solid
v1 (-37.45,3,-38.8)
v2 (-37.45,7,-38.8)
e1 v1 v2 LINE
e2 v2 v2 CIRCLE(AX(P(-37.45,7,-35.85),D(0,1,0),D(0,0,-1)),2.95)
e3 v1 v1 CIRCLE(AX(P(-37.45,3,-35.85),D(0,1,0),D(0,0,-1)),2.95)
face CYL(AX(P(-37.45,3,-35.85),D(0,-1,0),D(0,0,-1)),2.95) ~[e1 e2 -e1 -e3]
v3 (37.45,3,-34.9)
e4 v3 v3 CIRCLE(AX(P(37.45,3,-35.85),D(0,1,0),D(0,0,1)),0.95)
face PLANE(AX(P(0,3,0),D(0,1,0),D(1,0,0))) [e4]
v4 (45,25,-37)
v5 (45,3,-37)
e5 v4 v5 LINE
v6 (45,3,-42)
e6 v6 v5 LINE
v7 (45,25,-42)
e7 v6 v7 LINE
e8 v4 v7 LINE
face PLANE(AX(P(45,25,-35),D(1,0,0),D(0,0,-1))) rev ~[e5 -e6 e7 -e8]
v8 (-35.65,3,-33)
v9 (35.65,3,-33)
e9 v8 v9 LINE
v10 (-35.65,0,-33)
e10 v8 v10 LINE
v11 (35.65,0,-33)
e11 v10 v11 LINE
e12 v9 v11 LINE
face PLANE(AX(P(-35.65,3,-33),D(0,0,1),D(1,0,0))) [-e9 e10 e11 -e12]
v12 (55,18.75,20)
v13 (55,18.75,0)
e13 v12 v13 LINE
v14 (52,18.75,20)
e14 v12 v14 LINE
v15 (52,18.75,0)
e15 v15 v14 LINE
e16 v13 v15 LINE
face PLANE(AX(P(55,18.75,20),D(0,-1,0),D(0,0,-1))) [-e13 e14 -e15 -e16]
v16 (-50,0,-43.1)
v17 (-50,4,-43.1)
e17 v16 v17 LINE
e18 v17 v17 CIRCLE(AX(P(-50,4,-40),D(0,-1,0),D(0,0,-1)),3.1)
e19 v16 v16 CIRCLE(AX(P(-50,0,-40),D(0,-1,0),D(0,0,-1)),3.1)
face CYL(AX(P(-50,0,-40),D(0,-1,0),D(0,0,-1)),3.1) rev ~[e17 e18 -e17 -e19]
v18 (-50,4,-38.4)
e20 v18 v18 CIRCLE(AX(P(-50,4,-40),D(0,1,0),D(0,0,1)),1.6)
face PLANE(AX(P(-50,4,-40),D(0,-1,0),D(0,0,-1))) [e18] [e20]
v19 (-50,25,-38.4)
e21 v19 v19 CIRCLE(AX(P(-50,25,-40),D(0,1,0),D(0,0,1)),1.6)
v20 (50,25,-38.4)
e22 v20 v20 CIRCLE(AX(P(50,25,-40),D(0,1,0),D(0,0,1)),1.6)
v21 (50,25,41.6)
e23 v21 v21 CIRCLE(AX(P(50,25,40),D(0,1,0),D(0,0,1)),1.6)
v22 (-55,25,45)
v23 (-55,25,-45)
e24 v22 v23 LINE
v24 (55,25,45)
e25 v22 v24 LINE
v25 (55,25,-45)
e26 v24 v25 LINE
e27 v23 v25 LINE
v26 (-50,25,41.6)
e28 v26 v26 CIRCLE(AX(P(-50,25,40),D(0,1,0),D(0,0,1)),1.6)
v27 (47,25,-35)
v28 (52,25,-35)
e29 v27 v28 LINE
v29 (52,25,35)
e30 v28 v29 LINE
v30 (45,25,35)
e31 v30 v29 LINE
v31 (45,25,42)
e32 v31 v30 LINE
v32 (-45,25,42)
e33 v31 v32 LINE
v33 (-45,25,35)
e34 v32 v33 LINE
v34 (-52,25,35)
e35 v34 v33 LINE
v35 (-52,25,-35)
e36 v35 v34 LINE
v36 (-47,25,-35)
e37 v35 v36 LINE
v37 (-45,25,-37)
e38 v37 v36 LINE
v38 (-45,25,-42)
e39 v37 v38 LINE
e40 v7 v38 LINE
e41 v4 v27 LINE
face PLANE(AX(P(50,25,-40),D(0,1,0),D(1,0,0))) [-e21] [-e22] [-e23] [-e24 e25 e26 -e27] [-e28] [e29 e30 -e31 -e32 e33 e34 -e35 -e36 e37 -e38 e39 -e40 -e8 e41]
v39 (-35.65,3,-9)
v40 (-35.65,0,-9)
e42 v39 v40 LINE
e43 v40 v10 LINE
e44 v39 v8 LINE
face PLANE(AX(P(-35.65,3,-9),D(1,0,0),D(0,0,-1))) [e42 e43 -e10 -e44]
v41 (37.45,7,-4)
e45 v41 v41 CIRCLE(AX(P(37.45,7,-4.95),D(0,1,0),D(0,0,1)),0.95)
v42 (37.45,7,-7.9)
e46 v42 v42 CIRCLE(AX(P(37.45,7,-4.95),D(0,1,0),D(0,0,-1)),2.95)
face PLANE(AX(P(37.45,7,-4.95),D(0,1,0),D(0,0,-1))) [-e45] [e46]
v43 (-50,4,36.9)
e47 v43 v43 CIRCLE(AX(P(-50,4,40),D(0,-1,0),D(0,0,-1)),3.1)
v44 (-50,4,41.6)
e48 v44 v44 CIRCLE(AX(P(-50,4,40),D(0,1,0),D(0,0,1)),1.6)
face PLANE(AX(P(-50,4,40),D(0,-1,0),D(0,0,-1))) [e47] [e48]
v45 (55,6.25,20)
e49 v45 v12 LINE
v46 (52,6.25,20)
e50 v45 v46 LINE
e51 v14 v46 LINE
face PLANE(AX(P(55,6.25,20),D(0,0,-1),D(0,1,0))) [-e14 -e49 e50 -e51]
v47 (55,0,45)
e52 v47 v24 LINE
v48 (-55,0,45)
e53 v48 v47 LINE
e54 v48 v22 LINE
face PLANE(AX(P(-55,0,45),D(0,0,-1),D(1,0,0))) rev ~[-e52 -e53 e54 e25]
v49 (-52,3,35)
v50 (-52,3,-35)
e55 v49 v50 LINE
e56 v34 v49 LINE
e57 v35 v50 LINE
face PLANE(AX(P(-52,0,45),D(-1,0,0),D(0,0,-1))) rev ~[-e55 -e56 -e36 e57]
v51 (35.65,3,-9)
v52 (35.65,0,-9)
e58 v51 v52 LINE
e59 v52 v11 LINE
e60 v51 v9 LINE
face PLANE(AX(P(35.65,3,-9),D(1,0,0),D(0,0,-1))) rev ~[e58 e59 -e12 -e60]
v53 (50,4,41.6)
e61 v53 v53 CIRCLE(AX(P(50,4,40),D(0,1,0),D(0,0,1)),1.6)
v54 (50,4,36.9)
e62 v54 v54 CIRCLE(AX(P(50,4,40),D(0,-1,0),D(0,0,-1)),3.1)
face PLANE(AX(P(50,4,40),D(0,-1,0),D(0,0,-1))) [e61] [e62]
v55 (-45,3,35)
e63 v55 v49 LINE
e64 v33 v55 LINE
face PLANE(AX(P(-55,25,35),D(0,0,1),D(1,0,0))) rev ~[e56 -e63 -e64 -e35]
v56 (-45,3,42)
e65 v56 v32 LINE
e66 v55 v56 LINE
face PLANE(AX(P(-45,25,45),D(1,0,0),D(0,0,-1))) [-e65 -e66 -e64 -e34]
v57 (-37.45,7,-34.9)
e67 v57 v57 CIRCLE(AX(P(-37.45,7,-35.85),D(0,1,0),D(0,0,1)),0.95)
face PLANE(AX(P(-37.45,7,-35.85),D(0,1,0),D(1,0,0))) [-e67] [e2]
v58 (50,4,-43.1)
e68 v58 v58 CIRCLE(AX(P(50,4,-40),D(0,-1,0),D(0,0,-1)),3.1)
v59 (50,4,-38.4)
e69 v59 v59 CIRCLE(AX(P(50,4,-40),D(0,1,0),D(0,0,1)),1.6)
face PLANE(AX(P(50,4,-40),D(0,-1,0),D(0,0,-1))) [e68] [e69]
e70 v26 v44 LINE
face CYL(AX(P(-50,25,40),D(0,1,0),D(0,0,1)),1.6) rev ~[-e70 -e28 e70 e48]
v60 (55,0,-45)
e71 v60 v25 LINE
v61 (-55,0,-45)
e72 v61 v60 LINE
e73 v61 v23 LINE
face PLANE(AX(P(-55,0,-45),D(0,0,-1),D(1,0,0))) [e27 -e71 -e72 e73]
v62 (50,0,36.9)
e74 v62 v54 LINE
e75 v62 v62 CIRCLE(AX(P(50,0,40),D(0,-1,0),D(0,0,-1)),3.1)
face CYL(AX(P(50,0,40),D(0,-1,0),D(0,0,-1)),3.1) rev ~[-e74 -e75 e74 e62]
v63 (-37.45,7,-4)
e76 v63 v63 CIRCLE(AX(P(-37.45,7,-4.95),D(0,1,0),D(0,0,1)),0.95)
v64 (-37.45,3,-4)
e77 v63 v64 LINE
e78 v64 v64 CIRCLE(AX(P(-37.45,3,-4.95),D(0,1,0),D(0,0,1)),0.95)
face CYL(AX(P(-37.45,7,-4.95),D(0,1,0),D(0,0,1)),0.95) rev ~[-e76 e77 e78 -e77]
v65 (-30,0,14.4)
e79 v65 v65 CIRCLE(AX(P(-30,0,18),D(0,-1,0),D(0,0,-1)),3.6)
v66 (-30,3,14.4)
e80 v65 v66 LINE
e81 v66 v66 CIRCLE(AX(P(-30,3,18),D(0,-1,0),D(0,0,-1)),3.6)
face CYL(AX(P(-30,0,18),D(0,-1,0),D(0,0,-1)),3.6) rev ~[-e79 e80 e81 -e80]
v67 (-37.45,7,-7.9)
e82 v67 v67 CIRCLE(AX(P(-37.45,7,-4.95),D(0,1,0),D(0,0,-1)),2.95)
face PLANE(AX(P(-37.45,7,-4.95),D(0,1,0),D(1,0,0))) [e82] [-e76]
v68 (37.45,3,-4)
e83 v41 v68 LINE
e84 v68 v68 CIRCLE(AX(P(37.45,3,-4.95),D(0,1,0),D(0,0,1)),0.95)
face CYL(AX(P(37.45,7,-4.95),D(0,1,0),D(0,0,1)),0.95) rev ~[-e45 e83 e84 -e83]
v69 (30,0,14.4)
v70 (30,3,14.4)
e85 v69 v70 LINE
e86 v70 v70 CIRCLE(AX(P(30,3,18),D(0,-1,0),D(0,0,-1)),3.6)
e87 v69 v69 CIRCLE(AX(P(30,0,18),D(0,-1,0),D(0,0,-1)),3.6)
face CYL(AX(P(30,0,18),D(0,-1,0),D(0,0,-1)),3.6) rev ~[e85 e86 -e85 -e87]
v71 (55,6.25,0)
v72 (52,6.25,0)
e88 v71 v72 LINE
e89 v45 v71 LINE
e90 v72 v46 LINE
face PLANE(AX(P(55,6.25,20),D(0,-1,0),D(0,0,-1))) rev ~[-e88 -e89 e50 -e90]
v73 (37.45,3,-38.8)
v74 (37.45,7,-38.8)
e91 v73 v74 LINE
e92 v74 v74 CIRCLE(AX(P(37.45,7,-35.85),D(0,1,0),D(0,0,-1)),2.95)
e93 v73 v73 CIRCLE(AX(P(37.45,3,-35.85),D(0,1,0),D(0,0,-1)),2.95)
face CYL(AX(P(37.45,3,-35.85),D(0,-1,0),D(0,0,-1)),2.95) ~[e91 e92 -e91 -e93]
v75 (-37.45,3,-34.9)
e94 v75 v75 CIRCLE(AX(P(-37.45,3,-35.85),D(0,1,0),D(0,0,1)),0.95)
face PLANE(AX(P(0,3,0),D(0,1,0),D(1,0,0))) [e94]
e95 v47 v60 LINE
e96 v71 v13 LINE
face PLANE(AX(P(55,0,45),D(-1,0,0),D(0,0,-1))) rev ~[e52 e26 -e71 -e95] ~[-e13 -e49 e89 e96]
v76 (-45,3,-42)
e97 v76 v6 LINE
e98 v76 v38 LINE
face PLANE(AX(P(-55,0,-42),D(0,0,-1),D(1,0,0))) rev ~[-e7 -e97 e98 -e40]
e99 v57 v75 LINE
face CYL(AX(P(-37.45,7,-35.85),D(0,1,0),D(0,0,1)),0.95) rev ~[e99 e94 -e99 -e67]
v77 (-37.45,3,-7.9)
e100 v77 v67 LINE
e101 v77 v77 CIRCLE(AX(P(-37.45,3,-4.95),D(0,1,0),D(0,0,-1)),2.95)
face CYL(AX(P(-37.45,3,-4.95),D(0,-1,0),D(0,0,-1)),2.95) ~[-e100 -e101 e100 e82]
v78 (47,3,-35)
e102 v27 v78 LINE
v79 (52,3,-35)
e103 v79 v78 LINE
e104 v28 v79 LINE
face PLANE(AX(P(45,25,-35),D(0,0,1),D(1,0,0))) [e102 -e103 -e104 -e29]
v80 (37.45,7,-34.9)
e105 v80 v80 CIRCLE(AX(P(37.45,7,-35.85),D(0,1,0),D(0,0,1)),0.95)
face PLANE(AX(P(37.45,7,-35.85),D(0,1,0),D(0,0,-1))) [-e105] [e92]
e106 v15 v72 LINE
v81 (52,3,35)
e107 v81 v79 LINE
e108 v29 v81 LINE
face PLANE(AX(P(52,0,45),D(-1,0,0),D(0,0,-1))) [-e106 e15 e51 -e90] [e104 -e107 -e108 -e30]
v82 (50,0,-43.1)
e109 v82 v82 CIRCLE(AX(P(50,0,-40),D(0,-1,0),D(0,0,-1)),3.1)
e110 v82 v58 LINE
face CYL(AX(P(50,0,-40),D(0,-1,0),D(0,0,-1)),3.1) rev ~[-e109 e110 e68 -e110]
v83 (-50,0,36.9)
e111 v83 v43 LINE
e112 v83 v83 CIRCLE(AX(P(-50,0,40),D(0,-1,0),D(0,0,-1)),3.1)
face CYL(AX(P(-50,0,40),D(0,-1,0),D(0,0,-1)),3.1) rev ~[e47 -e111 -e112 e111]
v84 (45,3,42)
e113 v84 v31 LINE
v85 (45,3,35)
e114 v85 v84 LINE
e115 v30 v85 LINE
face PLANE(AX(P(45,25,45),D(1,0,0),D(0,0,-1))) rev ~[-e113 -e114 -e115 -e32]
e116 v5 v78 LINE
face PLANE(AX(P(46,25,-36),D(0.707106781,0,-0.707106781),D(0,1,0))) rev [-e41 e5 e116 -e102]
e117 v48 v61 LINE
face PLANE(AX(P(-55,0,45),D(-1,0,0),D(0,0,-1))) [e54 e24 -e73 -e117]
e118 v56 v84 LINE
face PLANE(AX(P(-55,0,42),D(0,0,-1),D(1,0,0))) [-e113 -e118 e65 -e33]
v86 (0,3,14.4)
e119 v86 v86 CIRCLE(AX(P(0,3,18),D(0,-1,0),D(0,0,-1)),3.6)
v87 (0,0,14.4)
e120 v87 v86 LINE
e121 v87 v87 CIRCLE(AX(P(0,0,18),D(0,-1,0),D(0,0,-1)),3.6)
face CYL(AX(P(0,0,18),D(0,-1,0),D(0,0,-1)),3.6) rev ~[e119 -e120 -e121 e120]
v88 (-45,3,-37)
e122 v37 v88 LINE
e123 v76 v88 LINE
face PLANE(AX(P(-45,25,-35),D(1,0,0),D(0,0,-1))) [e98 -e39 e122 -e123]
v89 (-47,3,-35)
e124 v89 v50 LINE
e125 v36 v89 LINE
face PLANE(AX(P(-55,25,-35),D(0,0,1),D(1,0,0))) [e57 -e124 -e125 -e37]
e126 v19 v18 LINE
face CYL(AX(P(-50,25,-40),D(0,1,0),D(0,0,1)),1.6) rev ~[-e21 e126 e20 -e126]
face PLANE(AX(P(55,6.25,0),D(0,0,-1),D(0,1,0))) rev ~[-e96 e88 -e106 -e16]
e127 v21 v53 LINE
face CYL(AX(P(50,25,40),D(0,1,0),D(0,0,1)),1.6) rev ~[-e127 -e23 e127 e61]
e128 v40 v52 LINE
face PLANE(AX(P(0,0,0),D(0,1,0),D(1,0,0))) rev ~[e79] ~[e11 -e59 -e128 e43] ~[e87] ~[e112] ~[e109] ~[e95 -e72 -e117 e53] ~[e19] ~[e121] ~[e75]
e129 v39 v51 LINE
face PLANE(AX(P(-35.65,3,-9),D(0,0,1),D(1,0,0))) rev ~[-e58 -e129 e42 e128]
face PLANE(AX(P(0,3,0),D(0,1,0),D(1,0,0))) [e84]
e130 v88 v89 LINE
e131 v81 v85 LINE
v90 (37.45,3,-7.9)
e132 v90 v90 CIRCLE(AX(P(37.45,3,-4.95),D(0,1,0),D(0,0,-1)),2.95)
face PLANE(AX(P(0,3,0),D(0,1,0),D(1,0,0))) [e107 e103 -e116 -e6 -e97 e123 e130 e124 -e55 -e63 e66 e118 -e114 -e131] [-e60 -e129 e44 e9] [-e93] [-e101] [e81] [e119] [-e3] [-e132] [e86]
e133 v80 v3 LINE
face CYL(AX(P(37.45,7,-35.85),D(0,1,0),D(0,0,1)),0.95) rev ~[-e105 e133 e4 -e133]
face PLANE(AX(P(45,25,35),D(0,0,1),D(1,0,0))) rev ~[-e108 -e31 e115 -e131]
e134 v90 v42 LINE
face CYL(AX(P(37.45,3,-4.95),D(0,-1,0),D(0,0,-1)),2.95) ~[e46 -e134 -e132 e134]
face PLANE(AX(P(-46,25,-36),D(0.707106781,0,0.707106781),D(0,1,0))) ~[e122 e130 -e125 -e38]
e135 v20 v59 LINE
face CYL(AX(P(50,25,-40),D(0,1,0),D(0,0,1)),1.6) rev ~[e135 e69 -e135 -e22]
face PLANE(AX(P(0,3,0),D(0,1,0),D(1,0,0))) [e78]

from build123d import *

# Parameters (mm, degrees)
CROQUIS1_W              = 110
CROQUIS1_H              = 90
SALIENTE_EXTRUIR1_DEPTH = 25
VACIADO1_T              = -3
CROQUIS2_W              = 71.3
CROQUIS2_H              = 24
CORTAR_EXTRUIR1_DEPTH   = 75.390859654
CROQUIS4_R              = 2.95
CROQUIS4_R_2            = 1.45
SALIENTE_EXTRUIR2_DEPTH = 4
SALIENTE_EXTRUIR3_REACH = 75.308
CROQUIS5_R              = 1.45
CROQUIS5_R_2            = 0.95
MATRIZL1_COUNT          = 2
MATRIZL1_PITCH          = 74.9
MATRIZL1_COUNT_DIR2     = 2
MATRIZL1_PITCH_DIR2     = 30.9
SALIENTE_EXTRUIR4_REACH = 77.333
CROQUIS6_W              = 10
CROQUIS6_H              = 10
CROQUIS7_R              = 1.6
CORTAR_EXTRUIR2_DEPTH   = 76.332595867
CROQUIS8_R              = 3.1
CORTAR_EXTRUIR3_DEPTH   = 4
CHAFL_N1_SIZE           = 2
CROQUIS10_R             = 3.6
CORTAR_EXTRUIR5_DEPTH   = 76.332595867
CROQUIS11_W             = 20
CROQUIS11_H             = 12.5
CORTAR_EXTRUIR6_DEPTH   = 10


with BuildPart() as part:
    # Croquis1 → Saliente-Extruir1 (new body)
    with BuildSketch(Plane(origin=(0, 0, 0), x_dir=(1, 0, 0), z_dir=(0, 1, 0))):
        Rectangle(CROQUIS1_W, CROQUIS1_H)
    extrude(amount=SALIENTE_EXTRUIR1_DEPTH)

    # Vaciado1
    vaciado1_openings = [part.faces().sort_by_distance(p)[0] for p in [
        (0, 25, 0),
    ]]
    offset(amount=VACIADO1_T, openings=vaciado1_openings, kind=Kind.INTERSECTION)

    # Croquis2 → Cortar-Extruir1 (cut, through all)
    with BuildSketch(Plane(origin=(0, 3, 0), x_dir=(1, 0, 0), z_dir=(0, 1, 0))):
        with Locations((0, 21)):
            Rectangle(CROQUIS2_W, CROQUIS2_H)
    extrude(amount=-CORTAR_EXTRUIR1_DEPTH, mode=Mode.SUBTRACT)

    # Croquis4 → Saliente-Extruir2 (add)
    # profile 1 of 4: a face of its own
    with BuildSketch(Plane(origin=(0, 3, 0), x_dir=(1, 0, 0), z_dir=(0, 1, 0))):
        with Locations(Location((-37.45, 35.85, 0), (0, 0, 90))):
            Circle(CROQUIS4_R)
        with Locations(Location((-37.45, 35.85, 0), (0, 0, 270))):
            Circle(CROQUIS4_R_2, mode=Mode.SUBTRACT)
    # profile 2 of 4: a face of its own
    with BuildSketch(Plane(origin=(0, 3, 0), x_dir=(1, 0, 0), z_dir=(0, 1, 0))):
        with Locations(Location((-37.45, 4.95, 0), (0, 0, 90))):
            Circle(CROQUIS4_R)
        with Locations(Location((-37.45, 4.95, 0), (0, 0, 270))):
            Circle(CROQUIS4_R_2, mode=Mode.SUBTRACT)
    # profile 3 of 4: a face of its own
    with BuildSketch(Plane(origin=(0, 3, 0), x_dir=(1, 0, 0), z_dir=(0, 1, 0))):
        with Locations(Location((37.45, 35.85, 0), (0, 0, 90))):
            Circle(CROQUIS4_R)
        with Locations(Location((37.45, 35.85, 0), (0, 0, 270))):
            Circle(CROQUIS4_R_2, mode=Mode.SUBTRACT)
    # profile 4 of 4: a face of its own
    with BuildSketch(Plane(origin=(0, 3, 0), x_dir=(1, 0, 0), z_dir=(0, 1, 0))):
        with Locations(Location((37.45, 4.95, 0), (0, 0, 90))):
            Circle(CROQUIS4_R)
        with Locations(Location((37.45, 4.95, 0), (0, 0, 270))):
            Circle(CROQUIS4_R_2, mode=Mode.SUBTRACT)
    extrude(amount=SALIENTE_EXTRUIR2_DEPTH)

    # Croquis5 → Saliente-Extruir3 (add, up to next)
    with BuildSketch(Plane(origin=(0, 7, 0), x_dir=(1, 0, 0), z_dir=(0, 1, 0)), mode=Mode.PRIVATE) as saliente_extruir3_sk1:
        with Locations((-37.45, 35.85)):
            Circle(CROQUIS5_R)
        with Locations(Location((-37.45, 35.85, 0), (0, 0, 270))):
            Circle(CROQUIS5_R_2, mode=Mode.SUBTRACT)
    saliente_extruir3_tool1 = extrude(saliente_extruir3_sk1.sketch, amount=-SALIENTE_EXTRUIR3_REACH, mode=Mode.PRIVATE) - part.part
    saliente_extruir3 = saliente_extruir3_tool1.solids().sort_by_distance((-38.858988, 7, -35.85))[0]
    add(saliente_extruir3)

    # MatrizL1: Saliente-Extruir3 2 × 2
    with Locations(*[(i * MATRIZL1_PITCH, 0, j * MATRIZL1_PITCH_DIR2) for i in range(MATRIZL1_COUNT) for j in range(MATRIZL1_COUNT_DIR2) if (i, j) != (0, 0)]):
        add(saliente_extruir3)

    # Croquis6 → Saliente-Extruir4 (add, up to next)
    with BuildSketch(Plane(origin=(0, 25, 0), x_dir=(1, 0, 0), z_dir=(0, 1, 0)), mode=Mode.PRIVATE) as saliente_extruir4_sk1:
        with Locations((-50, 40)):
            Rectangle(CROQUIS6_W, CROQUIS6_H)
    saliente_extruir4_tool1 = extrude(saliente_extruir4_sk1.sketch, amount=-SALIENTE_EXTRUIR4_REACH, mode=Mode.PRIVATE) - part.part
    # Croquis6 → Saliente-Extruir4 (add, up to next)
    with BuildSketch(Plane(origin=(0, 25, 0), x_dir=(1, 0, 0), z_dir=(0, 1, 0)), mode=Mode.PRIVATE) as saliente_extruir4_sk2:
        with Locations((-50, -40)):
            Rectangle(CROQUIS6_W, CROQUIS6_H)
    saliente_extruir4_tool2 = extrude(saliente_extruir4_sk2.sketch, amount=-SALIENTE_EXTRUIR4_REACH, mode=Mode.PRIVATE) - part.part
    # Croquis6 → Saliente-Extruir4 (add, up to next)
    with BuildSketch(Plane(origin=(0, 25, 0), x_dir=(1, 0, 0), z_dir=(0, 1, 0)), mode=Mode.PRIVATE) as saliente_extruir4_sk3:
        with Locations((50, -40)):
            Rectangle(CROQUIS6_W, CROQUIS6_H)
    saliente_extruir4_tool3 = extrude(saliente_extruir4_sk3.sketch, amount=-SALIENTE_EXTRUIR4_REACH, mode=Mode.PRIVATE) - part.part
    # Croquis6 → Saliente-Extruir4 (add, up to next)
    with BuildSketch(Plane(origin=(0, 25, 0), x_dir=(1, 0, 0), z_dir=(0, 1, 0)), mode=Mode.PRIVATE) as saliente_extruir4_sk4:
        with Locations((50, 40)):
            Rectangle(CROQUIS6_W, CROQUIS6_H)
    saliente_extruir4_tool4 = extrude(saliente_extruir4_sk4.sketch, amount=-SALIENTE_EXTRUIR4_REACH, mode=Mode.PRIVATE) - part.part
    add(saliente_extruir4_tool1.solids().sort_by_distance((-50, 25, -40))[0])
    add(saliente_extruir4_tool2.solids().sort_by_distance((-50, 25, 40))[0])
    add(saliente_extruir4_tool3.solids().sort_by_distance((50, 25, 40))[0])
    add(saliente_extruir4_tool4.solids().sort_by_distance((50, 25, -40))[0])

    # Croquis7 → Cortar-Extruir2 (cut, through all)
    with BuildSketch(Plane(origin=(0, 25, 0), x_dir=(1, 0, 0), z_dir=(0, 1, 0))):
        with Locations(Location((-50, -40, 0), (0, 0, 270))):
            Circle(CROQUIS7_R)
        with Locations(Location((50, -40, 0), (0, 0, 270))):
            Circle(CROQUIS7_R)
        with Locations(Location((50, 40, 0), (0, 0, 270))):
            Circle(CROQUIS7_R)
        with Locations(Location((-50, 40, 0), (0, 0, 270))):
            Circle(CROQUIS7_R)
    extrude(amount=-CORTAR_EXTRUIR2_DEPTH, mode=Mode.SUBTRACT)

    # Croquis8 → Cortar-Extruir3 (cut)
    with BuildSketch(Plane.XZ):
        with Locations(Location((50, -40, 0), (0, 0, 270))):
            Circle(CROQUIS8_R)
        with Locations(Location((-50, -40, 0), (0, 0, 270))):
            Circle(CROQUIS8_R)
        with Locations(Location((-50, 40, 0), (0, 0, 270))):
            Circle(CROQUIS8_R)
        with Locations(Location((50, 40, 0), (0, 0, 270))):
            Circle(CROQUIS8_R)
    extrude(amount=-CORTAR_EXTRUIR3_DEPTH, mode=Mode.SUBTRACT)

    # Chaflán1
    chafl_n1_edges = [part.edges().sort_by_distance(p)[0] for p in [
        (-45, 14, -35),
        (45, 14, -35),
    ]]
    chamfer(chafl_n1_edges, length=CHAFL_N1_SIZE)

    # Croquis10 → Cortar-Extruir5 (cut, through all)
    with BuildSketch(Plane.XZ):
        with Locations(Location((0, 18, 0), (0, 0, 270))):
            Circle(CROQUIS10_R)
        with Locations(Location((30, 18, 0), (0, 0, 270))):
            Circle(CROQUIS10_R)
        with Locations(Location((-30, 18, 0), (0, 0, 270))):
            Circle(CROQUIS10_R)
    extrude(amount=-CORTAR_EXTRUIR5_DEPTH, mode=Mode.SUBTRACT)

    # Croquis11 → Cortar-Extruir6 (cut)
    with BuildSketch(Plane(origin=(55, 0, 0), x_dir=(0, 0, -1), z_dir=(1, 0, 0))):
        with Locations((-10, 12.5)):
            Rectangle(CROQUIS11_W, CROQUIS11_H)
    extrude(amount=-CORTAR_EXTRUIR6_DEPTH, mode=Mode.SUBTRACT)


solid = part.part
